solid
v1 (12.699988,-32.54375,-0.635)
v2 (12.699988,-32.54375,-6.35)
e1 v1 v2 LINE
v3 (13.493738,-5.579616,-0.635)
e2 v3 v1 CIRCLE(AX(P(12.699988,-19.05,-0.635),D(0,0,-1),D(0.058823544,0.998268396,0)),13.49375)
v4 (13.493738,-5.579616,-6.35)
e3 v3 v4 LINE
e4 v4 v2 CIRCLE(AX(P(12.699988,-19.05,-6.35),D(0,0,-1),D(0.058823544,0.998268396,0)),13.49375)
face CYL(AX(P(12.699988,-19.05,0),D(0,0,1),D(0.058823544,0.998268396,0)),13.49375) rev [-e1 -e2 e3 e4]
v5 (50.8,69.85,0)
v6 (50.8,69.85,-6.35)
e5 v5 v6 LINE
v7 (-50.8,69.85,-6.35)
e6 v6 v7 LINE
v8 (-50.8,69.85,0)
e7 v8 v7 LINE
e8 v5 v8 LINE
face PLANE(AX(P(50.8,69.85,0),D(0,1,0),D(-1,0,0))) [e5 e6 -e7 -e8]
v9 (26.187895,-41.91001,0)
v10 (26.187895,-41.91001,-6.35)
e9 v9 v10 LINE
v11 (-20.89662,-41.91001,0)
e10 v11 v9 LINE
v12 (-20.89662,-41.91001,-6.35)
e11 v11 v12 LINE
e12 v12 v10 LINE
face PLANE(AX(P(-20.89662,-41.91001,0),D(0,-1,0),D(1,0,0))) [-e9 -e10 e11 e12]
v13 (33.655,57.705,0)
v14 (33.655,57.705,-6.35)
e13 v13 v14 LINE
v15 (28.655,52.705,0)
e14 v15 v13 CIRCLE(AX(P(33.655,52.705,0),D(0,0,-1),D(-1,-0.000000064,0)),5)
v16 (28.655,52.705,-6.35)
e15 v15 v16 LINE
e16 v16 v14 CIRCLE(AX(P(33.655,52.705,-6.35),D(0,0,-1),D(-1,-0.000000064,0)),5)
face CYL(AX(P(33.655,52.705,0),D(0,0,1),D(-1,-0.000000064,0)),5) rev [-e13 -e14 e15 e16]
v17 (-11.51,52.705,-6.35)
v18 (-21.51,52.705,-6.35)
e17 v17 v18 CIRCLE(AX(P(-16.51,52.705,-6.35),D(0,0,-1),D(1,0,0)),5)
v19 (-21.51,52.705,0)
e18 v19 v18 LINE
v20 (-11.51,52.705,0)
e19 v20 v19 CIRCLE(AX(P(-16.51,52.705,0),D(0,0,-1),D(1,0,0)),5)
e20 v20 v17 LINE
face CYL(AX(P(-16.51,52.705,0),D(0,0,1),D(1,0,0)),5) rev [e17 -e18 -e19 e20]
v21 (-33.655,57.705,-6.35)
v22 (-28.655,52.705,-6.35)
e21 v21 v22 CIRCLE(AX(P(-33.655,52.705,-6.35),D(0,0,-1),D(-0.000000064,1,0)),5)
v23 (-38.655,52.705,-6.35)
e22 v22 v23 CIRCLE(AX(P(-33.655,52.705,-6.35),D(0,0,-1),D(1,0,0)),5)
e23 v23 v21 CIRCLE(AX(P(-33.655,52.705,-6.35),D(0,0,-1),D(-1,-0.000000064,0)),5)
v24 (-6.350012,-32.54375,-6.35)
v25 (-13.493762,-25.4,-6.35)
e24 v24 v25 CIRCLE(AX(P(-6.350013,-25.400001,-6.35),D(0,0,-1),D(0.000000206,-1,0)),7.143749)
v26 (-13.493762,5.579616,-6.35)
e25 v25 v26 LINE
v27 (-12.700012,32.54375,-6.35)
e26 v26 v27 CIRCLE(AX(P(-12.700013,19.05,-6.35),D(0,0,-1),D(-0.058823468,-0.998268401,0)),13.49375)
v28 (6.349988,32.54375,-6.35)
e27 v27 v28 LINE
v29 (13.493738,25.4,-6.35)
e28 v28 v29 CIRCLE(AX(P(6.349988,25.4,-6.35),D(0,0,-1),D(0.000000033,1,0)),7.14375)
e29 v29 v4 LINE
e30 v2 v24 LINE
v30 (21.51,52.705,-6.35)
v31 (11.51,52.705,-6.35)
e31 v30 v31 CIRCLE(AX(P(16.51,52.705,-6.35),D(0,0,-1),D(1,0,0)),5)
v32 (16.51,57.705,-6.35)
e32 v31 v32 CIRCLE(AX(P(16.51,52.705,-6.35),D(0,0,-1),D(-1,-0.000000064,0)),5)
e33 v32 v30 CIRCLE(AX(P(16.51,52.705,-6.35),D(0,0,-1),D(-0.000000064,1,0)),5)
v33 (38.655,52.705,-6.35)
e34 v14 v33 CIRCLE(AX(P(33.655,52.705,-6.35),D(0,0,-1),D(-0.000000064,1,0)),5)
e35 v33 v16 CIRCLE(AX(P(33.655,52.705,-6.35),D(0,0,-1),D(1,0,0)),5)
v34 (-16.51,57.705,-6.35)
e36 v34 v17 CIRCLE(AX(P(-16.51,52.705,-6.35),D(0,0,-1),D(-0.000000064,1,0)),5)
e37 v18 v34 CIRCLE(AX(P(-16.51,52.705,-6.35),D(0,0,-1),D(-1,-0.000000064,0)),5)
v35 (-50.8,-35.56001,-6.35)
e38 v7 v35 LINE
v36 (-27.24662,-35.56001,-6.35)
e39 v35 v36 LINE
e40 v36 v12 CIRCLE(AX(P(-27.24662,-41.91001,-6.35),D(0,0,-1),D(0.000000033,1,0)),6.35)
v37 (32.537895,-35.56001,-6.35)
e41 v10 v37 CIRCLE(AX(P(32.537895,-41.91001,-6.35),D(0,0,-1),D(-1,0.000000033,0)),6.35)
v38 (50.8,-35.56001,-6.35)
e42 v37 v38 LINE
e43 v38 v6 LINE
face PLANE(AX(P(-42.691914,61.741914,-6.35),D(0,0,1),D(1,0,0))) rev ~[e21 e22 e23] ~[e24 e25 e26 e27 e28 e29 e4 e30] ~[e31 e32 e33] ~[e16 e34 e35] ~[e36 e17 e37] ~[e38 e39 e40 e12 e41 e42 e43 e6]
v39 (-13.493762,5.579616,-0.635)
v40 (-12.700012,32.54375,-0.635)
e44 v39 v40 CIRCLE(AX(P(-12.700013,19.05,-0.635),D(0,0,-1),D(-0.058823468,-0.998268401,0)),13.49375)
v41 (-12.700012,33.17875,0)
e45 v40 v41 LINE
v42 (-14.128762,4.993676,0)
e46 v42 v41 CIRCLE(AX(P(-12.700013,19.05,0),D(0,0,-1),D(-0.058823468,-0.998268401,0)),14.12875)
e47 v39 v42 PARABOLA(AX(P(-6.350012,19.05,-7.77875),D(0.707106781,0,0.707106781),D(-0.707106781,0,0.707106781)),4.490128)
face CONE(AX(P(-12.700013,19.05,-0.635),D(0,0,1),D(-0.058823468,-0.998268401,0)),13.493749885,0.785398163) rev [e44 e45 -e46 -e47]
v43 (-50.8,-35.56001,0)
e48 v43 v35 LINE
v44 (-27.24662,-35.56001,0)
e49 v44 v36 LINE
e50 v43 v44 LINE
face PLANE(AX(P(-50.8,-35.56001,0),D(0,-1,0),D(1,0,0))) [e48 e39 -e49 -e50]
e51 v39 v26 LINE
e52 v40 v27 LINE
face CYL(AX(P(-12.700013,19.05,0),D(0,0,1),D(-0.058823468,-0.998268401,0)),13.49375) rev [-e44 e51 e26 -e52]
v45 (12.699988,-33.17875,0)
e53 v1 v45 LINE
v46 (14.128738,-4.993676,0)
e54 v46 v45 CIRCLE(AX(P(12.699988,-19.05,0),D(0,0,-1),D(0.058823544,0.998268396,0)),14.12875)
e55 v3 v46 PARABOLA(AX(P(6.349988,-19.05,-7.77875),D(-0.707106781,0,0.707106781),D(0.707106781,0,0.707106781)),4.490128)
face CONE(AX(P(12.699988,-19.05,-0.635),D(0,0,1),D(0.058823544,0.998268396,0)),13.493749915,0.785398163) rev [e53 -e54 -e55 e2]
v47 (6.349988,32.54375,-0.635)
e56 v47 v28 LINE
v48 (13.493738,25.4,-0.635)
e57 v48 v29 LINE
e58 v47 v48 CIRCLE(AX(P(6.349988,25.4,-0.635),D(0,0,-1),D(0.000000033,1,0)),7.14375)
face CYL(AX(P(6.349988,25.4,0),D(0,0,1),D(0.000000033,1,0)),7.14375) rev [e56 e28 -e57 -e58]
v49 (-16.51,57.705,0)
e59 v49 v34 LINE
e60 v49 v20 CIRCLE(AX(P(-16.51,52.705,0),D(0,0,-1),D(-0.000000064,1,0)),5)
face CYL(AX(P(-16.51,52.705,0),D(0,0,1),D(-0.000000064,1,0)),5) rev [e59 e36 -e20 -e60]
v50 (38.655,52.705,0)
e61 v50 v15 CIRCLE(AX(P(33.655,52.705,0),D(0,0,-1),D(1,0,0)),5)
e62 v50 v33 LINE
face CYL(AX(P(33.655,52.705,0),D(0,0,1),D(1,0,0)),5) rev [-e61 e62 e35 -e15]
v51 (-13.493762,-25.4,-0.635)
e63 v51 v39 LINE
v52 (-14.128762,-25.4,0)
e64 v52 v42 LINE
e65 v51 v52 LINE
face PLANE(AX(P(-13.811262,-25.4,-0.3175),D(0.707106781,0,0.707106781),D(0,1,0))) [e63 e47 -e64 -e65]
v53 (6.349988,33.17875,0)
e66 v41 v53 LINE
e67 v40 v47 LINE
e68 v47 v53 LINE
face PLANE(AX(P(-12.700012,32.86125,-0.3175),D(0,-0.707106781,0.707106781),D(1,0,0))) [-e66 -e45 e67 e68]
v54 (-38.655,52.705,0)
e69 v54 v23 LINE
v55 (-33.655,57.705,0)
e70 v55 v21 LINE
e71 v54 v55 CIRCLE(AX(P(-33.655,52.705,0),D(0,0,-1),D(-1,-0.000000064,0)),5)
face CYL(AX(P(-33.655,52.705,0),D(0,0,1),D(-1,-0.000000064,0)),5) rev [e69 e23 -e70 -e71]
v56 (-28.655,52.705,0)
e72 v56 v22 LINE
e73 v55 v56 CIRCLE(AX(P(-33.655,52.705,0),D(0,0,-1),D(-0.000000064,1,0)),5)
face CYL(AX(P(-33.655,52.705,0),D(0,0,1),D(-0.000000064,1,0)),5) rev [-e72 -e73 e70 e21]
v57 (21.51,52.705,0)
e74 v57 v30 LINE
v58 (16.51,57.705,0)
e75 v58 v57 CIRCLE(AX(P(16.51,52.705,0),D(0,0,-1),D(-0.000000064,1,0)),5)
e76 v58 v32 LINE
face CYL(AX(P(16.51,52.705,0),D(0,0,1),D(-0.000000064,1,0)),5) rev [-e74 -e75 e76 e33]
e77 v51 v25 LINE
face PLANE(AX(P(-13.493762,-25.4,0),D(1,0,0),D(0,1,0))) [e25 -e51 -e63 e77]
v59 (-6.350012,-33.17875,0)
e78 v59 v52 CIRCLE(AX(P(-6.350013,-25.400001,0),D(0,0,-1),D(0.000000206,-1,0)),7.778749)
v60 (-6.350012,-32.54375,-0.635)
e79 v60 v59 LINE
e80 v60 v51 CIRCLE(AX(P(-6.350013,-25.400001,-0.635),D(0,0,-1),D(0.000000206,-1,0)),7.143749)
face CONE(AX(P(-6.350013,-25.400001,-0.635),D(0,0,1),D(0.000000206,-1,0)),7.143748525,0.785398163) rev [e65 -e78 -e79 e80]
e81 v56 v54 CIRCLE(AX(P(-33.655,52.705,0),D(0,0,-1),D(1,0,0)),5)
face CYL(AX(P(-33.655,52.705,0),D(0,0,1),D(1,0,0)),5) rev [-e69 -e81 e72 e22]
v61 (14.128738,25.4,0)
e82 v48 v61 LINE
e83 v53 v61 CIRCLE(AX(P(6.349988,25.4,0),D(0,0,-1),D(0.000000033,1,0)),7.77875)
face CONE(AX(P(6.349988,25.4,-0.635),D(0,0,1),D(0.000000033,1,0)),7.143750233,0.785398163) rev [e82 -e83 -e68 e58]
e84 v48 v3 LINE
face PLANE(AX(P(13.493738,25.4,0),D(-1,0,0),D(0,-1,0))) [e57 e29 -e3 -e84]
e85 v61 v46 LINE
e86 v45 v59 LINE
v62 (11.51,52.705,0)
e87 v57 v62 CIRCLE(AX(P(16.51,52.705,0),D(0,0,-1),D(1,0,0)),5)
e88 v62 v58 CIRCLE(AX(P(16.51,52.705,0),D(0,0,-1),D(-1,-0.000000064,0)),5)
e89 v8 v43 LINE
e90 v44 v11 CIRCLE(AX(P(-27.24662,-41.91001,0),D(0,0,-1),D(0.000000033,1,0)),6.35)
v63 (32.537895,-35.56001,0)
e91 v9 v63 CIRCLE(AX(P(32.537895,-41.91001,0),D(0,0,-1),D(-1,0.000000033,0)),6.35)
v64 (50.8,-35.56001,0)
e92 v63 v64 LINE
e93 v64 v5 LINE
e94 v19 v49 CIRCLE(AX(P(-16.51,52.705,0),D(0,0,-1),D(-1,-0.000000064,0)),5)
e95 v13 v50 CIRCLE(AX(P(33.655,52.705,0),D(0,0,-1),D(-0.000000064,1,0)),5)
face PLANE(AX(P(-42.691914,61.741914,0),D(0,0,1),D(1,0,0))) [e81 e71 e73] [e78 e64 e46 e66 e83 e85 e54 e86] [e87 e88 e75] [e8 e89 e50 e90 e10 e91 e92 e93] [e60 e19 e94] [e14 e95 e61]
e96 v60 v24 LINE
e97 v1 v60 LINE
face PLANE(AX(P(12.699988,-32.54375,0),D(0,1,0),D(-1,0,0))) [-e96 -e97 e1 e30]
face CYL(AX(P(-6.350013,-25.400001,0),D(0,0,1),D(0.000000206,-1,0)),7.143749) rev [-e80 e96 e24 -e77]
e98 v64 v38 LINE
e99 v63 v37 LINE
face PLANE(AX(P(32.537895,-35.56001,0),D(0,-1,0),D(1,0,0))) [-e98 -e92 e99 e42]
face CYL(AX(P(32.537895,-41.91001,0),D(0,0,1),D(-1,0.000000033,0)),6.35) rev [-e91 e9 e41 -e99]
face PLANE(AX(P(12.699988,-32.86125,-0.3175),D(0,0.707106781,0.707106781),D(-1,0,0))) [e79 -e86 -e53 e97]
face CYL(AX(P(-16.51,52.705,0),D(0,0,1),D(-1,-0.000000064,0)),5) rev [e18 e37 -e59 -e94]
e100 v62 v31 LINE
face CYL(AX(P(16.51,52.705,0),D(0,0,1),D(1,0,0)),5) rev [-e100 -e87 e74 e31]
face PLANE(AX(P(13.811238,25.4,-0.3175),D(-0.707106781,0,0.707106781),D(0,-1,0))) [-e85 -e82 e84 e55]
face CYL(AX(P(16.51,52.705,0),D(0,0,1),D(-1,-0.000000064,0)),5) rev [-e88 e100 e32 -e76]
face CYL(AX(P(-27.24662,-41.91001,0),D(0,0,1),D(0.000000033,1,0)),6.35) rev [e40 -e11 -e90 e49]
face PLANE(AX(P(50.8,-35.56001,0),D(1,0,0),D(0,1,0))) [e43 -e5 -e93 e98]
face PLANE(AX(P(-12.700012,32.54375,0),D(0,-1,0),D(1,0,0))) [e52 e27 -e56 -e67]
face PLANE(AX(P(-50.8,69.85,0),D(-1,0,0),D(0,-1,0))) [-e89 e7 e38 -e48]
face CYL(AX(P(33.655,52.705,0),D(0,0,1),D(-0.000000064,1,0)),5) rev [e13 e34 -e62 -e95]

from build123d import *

# Parameters (mm, degrees)
F1_DEPTH = 6.35
F2_SIZE  = 0.635


with BuildPart() as f1:
    # F0 (on Top) → F1 (new body)
    with BuildSketch(Plane.XY):
        with BuildLine():
            Line((-33.655, 69.85), (-50.8, 69.85))
            Line((-50.8, 69.85), (-50.8, 52.705))
            Line((-50.8, 52.705), (-38.655, 52.705))
            ThreePointArc((-38.655, 52.705), (-37.190534, 56.240534), (-33.655, 57.705))
            Line((-33.655, 57.705), (-33.655, 69.85))
        make_face()
        with BuildLine():
            Line((-16.51, 69.85), (-33.655, 69.85))
            Line((-33.655, 69.85), (-33.655, 57.705))
            ThreePointArc((-33.655, 57.705), (-30.119466, 56.240534), (-28.655, 52.705))
            Line((-28.655, 52.705), (-21.51, 52.705))
            ThreePointArc((-21.51, 52.705), (-20.045534, 56.240534), (-16.51, 57.705))
            Line((-16.51, 57.705), (-16.51, 69.85))
        make_face()
        with BuildLine():
            Line((-38.655, 52.705), (-50.8, 52.705))
            Line((-50.8, 52.705), (-50.8, -35.56001))
            Line((-50.8, -35.56001), (-27.24662, -35.56001))
            ThreePointArc((-27.24662, -35.56001), (-22.756492, -37.419882), (-20.89662, -41.91001))
            Line((-20.89662, -41.91001), (26.187895, -41.91001))
            ThreePointArc((26.187895, -41.91001), (28.047767, -37.419882), (32.537895, -35.56001))
            Line((32.537895, -35.56001), (50.8, -35.56001))
            Line((50.8, -35.56001), (50.8, 52.705))
            Line((50.8, 52.705), (38.655, 52.705))
            ThreePointArc((38.655, 52.705), (33.655, 47.705), (28.655, 52.705))
            Line((28.655, 52.705), (21.51, 52.705))
            ThreePointArc((21.51, 52.705), (16.51, 47.705), (11.51, 52.705))
            Line((11.51, 52.705), (-11.51, 52.705))
            ThreePointArc((-11.51, 52.705), (-16.51, 47.705), (-21.51, 52.705))
            Line((-21.51, 52.705), (-28.655, 52.705))
            ThreePointArc((-28.655, 52.705), (-33.655, 47.705), (-38.655, 52.705))
        make_face()
        with BuildLine():
            ThreePointArc((13.493738, -5.579616), (26.187895, -19.447047), (12.699988, -32.54375))
            Line((12.699988, -32.54375), (-6.350012, -32.54375))
            ThreePointArc((-6.350012, -32.54375), (-11.401407, -30.451394), (-13.493762, -25.4))
            Line((-13.493762, -25.4), (-13.493762, 5.579616))
            ThreePointArc((-13.493762, 5.579616), (-26.18792, 19.447047), (-12.700012, 32.54375))
            Line((-12.700012, 32.54375), (6.349988, 32.54375))
            ThreePointArc((6.349988, 32.54375), (11.401382, 30.451394), (13.493738, 25.4))
            Line((13.493738, 25.4), (13.493738, -5.579616))
        make_face(mode=Mode.SUBTRACT)
        with BuildLine():
            Line((16.51, 69.85), (-16.51, 69.85))
            Line((-16.51, 69.85), (-16.51, 57.705))
            ThreePointArc((-16.51, 57.705), (-12.974466, 56.240534), (-11.51, 52.705))
            Line((-11.51, 52.705), (11.51, 52.705))
            ThreePointArc((11.51, 52.705), (12.974466, 56.240534), (16.51, 57.705))
            Line((16.51, 57.705), (16.51, 69.85))
        make_face()
        with BuildLine():
            Line((33.655, 69.85), (16.51, 69.85))
            Line((16.51, 69.85), (16.51, 57.705))
            ThreePointArc((16.51, 57.705), (20.045534, 56.240534), (21.51, 52.705))
            Line((21.51, 52.705), (28.655, 52.705))
            ThreePointArc((28.655, 52.705), (30.119466, 56.240534), (33.655, 57.705))
            Line((33.655, 57.705), (33.655, 69.85))
        make_face()
        with BuildLine():
            Line((50.8, 69.85), (33.655, 69.85))
            Line((33.655, 69.85), (33.655, 57.705))
            ThreePointArc((33.655, 57.705), (37.190534, 56.240534), (38.655, 52.705))
            Line((38.655, 52.705), (50.8, 52.705))
            Line((50.8, 52.705), (50.8, 69.85))
        make_face()
    extrude(amount=-F1_DEPTH)

    # F2
    f2_edges = [f1.edges().sort_by_distance(p)[0] for p in [
        (13.493738, 9.910192, 0),
        (-13.493762, -9.910192, 0),
    ]]
    chamfer(f2_edges, length=F2_SIZE)


solid = f1.part
